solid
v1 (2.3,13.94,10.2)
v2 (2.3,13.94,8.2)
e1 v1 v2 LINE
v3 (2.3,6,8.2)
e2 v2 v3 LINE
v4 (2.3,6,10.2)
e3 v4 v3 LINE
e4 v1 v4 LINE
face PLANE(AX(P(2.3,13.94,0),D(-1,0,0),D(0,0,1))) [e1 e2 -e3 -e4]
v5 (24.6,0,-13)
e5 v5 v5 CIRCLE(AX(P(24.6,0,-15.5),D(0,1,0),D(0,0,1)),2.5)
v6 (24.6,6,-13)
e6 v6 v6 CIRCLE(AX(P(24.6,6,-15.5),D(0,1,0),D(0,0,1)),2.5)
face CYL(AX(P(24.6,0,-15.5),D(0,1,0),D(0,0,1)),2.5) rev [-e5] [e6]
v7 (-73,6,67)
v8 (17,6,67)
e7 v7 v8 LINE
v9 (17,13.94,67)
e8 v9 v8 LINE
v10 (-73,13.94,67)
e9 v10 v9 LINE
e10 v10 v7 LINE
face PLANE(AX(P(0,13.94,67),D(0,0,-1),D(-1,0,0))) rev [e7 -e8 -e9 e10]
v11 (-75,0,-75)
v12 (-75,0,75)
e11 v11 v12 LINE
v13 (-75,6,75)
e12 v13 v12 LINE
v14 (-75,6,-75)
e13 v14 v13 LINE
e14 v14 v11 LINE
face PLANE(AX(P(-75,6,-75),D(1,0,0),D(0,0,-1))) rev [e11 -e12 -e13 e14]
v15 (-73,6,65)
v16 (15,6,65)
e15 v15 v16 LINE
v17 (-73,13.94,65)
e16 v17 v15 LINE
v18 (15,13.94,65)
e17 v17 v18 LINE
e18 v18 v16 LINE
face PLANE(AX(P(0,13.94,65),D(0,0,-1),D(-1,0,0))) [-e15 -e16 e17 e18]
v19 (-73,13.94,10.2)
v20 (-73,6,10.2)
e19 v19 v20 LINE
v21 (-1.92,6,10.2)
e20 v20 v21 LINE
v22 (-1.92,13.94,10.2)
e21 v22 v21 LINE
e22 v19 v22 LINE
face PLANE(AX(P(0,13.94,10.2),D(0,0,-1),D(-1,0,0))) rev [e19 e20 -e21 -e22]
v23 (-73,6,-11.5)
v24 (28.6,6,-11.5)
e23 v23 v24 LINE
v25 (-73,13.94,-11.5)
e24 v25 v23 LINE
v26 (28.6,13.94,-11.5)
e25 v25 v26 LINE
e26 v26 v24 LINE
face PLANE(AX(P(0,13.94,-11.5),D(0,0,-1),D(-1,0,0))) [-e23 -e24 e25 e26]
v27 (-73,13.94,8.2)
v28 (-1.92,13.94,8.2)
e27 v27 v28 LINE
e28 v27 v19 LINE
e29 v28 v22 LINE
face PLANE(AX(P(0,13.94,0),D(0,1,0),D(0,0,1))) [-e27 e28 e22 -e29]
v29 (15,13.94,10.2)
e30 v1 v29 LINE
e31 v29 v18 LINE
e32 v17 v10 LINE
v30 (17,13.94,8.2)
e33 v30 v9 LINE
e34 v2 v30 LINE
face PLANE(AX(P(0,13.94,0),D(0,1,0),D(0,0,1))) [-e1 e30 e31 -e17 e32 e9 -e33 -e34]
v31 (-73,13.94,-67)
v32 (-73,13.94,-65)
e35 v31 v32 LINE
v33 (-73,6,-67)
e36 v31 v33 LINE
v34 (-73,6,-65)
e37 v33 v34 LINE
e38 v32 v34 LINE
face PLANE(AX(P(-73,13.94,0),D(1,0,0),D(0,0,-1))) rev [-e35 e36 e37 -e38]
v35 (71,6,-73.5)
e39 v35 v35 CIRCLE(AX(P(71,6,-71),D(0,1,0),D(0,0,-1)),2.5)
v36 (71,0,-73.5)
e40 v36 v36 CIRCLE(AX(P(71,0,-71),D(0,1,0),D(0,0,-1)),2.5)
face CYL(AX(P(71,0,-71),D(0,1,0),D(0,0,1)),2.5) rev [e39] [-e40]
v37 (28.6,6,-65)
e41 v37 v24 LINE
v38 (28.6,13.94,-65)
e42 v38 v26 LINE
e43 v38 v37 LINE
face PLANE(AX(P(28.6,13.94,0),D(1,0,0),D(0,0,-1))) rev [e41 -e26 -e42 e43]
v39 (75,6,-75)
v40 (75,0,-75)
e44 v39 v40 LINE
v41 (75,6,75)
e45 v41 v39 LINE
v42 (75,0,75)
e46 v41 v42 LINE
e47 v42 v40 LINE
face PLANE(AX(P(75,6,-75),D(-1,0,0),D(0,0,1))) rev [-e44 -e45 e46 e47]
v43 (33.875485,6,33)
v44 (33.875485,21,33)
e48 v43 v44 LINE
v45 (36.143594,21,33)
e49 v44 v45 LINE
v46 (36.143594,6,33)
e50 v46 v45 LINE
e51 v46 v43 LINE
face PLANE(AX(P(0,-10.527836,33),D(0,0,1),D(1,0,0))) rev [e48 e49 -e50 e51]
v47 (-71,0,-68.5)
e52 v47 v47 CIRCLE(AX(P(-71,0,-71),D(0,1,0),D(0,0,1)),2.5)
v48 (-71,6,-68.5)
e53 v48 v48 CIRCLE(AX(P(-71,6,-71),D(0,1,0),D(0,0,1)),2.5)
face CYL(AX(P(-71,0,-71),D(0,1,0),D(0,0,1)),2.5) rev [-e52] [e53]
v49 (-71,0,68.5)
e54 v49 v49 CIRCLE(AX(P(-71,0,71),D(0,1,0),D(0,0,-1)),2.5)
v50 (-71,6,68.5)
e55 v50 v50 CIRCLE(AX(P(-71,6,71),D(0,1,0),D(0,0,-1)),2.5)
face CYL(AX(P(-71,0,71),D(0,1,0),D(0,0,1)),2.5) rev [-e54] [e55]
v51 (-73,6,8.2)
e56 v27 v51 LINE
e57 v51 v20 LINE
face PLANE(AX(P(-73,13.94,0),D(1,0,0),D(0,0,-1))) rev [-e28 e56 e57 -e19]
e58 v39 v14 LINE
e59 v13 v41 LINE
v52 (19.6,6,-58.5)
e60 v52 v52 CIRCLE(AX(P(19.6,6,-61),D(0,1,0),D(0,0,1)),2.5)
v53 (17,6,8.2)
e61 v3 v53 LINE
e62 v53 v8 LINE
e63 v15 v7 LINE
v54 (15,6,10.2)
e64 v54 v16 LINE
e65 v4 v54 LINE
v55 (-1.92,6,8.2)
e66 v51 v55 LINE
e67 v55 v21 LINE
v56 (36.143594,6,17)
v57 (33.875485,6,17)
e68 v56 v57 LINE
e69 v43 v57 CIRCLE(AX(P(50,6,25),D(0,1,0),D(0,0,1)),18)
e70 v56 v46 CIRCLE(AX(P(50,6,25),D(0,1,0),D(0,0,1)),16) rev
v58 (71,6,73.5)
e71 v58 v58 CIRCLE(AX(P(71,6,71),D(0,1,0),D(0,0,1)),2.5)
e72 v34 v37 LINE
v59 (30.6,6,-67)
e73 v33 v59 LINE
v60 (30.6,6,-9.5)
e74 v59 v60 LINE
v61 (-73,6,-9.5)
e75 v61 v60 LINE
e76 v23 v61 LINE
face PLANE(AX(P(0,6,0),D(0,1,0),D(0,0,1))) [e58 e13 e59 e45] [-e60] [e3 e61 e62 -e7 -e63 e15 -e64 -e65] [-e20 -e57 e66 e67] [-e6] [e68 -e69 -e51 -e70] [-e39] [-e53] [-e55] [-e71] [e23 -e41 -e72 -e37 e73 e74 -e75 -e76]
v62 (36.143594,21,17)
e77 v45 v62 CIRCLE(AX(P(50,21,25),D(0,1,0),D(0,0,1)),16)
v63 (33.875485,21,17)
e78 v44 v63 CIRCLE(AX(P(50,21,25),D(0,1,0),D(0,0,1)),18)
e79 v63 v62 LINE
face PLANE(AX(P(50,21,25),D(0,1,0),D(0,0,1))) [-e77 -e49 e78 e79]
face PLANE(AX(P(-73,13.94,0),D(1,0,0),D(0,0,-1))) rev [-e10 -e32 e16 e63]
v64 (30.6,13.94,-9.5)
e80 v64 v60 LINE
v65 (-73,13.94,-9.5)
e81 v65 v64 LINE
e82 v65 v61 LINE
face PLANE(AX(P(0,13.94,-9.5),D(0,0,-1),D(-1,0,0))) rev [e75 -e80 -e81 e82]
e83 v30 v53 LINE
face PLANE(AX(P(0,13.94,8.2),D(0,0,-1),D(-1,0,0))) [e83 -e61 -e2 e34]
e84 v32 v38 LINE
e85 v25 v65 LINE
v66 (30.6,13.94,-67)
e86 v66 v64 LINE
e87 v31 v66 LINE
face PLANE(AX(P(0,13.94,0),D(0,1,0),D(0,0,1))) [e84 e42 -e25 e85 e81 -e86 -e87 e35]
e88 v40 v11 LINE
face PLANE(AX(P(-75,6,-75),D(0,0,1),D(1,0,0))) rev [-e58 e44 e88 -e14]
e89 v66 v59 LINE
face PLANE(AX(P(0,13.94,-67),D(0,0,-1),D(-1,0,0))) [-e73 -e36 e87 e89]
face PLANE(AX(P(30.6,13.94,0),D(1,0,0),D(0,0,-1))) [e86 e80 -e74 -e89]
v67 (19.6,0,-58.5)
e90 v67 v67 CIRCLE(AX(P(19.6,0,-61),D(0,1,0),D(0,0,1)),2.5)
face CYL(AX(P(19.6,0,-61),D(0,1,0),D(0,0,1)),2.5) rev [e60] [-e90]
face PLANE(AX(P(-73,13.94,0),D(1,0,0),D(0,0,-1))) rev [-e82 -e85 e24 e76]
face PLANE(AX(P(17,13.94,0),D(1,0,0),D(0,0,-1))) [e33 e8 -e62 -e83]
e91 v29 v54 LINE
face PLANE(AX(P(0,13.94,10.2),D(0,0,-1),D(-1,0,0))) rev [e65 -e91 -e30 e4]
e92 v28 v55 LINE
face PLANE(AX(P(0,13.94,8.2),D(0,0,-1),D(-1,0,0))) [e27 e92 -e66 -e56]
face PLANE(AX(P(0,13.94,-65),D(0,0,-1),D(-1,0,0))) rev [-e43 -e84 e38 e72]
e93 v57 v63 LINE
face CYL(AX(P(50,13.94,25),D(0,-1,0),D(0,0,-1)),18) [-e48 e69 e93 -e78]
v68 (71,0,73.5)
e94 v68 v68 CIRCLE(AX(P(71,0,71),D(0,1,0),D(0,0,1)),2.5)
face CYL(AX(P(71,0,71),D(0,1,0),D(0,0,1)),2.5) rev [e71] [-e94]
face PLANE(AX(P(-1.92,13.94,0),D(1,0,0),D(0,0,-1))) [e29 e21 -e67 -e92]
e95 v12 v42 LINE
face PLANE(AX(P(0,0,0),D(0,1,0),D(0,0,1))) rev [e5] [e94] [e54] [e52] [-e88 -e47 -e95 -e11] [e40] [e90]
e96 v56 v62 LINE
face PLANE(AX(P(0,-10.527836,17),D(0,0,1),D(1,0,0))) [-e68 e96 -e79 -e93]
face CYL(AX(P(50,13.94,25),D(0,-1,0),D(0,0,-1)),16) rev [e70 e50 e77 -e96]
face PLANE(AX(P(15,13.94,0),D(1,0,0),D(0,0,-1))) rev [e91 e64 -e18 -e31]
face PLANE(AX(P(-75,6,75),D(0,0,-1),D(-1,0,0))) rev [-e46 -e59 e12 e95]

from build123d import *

# Parameters (mm, degrees)
SKETCH1_W           = 150
SKETCH1_H           = 150
BOSS_EXTRUDE1_DEPTH = 6
SKETCH2_W           = 71.08
SKETCH2_H           = 2
SKETCH2_R           = 18
SKETCH2_R_2         = 16
BOSS_EXTRUDE2_DEPTH = 7.94
SKETCH3_R           = 18
SKETCH3_R_2         = 16
BOSS_EXTRUDE3_DEPTH = 7.06
SKETCH5_R           = 2.5
CUT_EXTRUDE1_DEPTH  = 7
CUT_EXTRUDE2_DEPTH  = 15


with BuildPart() as part:
    # Sketch1 → Boss-Extrude1 (new body)
    with BuildSketch(Plane(origin=(0, 0, 0), x_dir=(1, 0, 0), z_dir=(0, 1, 0))):
        Rectangle(SKETCH1_W, SKETCH1_H)
    extrude(amount=BOSS_EXTRUDE1_DEPTH)

    # Sketch2 → Boss-Extrude2 (add)
    with BuildSketch(Plane(origin=(0, 6, 0), x_dir=(1, 0, 0), z_dir=(0, 1, 0))):
        Polygon((30.6, 67), (-73, 67), (-73, 65), (28.6, 65), (28.6, 11.5), (-73, 11.5), (-73, 9.5), (30.6, 9.5), align=None)
        with Locations((-37.46, -9.2)):
            Rectangle(SKETCH2_W, SKETCH2_H)
        Polygon((-73, -65), (-73, -67), (17, -67), (17, -8.2), (2.3, -8.2), (2.3, -10.2), (15, -10.2), (15, -65), align=None)
        with Locations((50, -25)):
            Circle(SKETCH2_R)
        with Locations((50, -25)):
            Circle(SKETCH2_R_2, mode=Mode.SUBTRACT)
    extrude(amount=BOSS_EXTRUDE2_DEPTH)

    # Sketch3 → Boss-Extrude3 (add)
    with BuildSketch(Plane(origin=(0, 13.94, 0), x_dir=(1, 0, 0), z_dir=(0, 1, 0))):
        with Locations((50, -25)):
            Circle(SKETCH3_R)
        with Locations((50, -25)):
            Circle(SKETCH3_R_2, mode=Mode.SUBTRACT)
    extrude(amount=BOSS_EXTRUDE3_DEPTH)

    # Sketch5 → Cut-Extrude1 (cut, through all)
    with BuildSketch(Plane(origin=(0, 6, 0), x_dir=(1, 0, 0), z_dir=(0, 1, 0))):
        with Locations((-71, 71)):
            Circle(SKETCH5_R)
        with Locations((19.6, 61)):
            Circle(SKETCH5_R)
        with Locations((24.6, 15.5)):
            Circle(SKETCH5_R)
        with Locations((71, 71)):
            Circle(SKETCH5_R)
        with Locations((71, -71)):
            Circle(SKETCH5_R)
        with Locations((-71, -71)):
            Circle(SKETCH5_R)
    extrude(amount=-CUT_EXTRUDE1_DEPTH, mode=Mode.SUBTRACT)

    # Sketch6 → Cut-Extrude2 (cut)
    with BuildSketch(Plane(origin=(0, 21, 0), x_dir=(1, 0, 0), z_dir=(0, 1, 0))):
        with BuildLine():
            Line((33.875484503, -33), (33.875484503, -17))
            ThreePointArc((33.875484503, -17), (32, -25), (33.875484503, -33))
        make_face()
        with BuildLine():
            ThreePointArc((36.143593539, -33), (34, -25), (36.143593539, -17))
            Line((36.143593539, -17), (33.875484503, -17))
            Line((33.875484503, -17), (33.875484503, -33))
            Line((33.875484503, -33), (36.143593539, -33))
        make_face()
    extrude(amount=-CUT_EXTRUDE2_DEPTH, mode=Mode.SUBTRACT)


solid = part.part
